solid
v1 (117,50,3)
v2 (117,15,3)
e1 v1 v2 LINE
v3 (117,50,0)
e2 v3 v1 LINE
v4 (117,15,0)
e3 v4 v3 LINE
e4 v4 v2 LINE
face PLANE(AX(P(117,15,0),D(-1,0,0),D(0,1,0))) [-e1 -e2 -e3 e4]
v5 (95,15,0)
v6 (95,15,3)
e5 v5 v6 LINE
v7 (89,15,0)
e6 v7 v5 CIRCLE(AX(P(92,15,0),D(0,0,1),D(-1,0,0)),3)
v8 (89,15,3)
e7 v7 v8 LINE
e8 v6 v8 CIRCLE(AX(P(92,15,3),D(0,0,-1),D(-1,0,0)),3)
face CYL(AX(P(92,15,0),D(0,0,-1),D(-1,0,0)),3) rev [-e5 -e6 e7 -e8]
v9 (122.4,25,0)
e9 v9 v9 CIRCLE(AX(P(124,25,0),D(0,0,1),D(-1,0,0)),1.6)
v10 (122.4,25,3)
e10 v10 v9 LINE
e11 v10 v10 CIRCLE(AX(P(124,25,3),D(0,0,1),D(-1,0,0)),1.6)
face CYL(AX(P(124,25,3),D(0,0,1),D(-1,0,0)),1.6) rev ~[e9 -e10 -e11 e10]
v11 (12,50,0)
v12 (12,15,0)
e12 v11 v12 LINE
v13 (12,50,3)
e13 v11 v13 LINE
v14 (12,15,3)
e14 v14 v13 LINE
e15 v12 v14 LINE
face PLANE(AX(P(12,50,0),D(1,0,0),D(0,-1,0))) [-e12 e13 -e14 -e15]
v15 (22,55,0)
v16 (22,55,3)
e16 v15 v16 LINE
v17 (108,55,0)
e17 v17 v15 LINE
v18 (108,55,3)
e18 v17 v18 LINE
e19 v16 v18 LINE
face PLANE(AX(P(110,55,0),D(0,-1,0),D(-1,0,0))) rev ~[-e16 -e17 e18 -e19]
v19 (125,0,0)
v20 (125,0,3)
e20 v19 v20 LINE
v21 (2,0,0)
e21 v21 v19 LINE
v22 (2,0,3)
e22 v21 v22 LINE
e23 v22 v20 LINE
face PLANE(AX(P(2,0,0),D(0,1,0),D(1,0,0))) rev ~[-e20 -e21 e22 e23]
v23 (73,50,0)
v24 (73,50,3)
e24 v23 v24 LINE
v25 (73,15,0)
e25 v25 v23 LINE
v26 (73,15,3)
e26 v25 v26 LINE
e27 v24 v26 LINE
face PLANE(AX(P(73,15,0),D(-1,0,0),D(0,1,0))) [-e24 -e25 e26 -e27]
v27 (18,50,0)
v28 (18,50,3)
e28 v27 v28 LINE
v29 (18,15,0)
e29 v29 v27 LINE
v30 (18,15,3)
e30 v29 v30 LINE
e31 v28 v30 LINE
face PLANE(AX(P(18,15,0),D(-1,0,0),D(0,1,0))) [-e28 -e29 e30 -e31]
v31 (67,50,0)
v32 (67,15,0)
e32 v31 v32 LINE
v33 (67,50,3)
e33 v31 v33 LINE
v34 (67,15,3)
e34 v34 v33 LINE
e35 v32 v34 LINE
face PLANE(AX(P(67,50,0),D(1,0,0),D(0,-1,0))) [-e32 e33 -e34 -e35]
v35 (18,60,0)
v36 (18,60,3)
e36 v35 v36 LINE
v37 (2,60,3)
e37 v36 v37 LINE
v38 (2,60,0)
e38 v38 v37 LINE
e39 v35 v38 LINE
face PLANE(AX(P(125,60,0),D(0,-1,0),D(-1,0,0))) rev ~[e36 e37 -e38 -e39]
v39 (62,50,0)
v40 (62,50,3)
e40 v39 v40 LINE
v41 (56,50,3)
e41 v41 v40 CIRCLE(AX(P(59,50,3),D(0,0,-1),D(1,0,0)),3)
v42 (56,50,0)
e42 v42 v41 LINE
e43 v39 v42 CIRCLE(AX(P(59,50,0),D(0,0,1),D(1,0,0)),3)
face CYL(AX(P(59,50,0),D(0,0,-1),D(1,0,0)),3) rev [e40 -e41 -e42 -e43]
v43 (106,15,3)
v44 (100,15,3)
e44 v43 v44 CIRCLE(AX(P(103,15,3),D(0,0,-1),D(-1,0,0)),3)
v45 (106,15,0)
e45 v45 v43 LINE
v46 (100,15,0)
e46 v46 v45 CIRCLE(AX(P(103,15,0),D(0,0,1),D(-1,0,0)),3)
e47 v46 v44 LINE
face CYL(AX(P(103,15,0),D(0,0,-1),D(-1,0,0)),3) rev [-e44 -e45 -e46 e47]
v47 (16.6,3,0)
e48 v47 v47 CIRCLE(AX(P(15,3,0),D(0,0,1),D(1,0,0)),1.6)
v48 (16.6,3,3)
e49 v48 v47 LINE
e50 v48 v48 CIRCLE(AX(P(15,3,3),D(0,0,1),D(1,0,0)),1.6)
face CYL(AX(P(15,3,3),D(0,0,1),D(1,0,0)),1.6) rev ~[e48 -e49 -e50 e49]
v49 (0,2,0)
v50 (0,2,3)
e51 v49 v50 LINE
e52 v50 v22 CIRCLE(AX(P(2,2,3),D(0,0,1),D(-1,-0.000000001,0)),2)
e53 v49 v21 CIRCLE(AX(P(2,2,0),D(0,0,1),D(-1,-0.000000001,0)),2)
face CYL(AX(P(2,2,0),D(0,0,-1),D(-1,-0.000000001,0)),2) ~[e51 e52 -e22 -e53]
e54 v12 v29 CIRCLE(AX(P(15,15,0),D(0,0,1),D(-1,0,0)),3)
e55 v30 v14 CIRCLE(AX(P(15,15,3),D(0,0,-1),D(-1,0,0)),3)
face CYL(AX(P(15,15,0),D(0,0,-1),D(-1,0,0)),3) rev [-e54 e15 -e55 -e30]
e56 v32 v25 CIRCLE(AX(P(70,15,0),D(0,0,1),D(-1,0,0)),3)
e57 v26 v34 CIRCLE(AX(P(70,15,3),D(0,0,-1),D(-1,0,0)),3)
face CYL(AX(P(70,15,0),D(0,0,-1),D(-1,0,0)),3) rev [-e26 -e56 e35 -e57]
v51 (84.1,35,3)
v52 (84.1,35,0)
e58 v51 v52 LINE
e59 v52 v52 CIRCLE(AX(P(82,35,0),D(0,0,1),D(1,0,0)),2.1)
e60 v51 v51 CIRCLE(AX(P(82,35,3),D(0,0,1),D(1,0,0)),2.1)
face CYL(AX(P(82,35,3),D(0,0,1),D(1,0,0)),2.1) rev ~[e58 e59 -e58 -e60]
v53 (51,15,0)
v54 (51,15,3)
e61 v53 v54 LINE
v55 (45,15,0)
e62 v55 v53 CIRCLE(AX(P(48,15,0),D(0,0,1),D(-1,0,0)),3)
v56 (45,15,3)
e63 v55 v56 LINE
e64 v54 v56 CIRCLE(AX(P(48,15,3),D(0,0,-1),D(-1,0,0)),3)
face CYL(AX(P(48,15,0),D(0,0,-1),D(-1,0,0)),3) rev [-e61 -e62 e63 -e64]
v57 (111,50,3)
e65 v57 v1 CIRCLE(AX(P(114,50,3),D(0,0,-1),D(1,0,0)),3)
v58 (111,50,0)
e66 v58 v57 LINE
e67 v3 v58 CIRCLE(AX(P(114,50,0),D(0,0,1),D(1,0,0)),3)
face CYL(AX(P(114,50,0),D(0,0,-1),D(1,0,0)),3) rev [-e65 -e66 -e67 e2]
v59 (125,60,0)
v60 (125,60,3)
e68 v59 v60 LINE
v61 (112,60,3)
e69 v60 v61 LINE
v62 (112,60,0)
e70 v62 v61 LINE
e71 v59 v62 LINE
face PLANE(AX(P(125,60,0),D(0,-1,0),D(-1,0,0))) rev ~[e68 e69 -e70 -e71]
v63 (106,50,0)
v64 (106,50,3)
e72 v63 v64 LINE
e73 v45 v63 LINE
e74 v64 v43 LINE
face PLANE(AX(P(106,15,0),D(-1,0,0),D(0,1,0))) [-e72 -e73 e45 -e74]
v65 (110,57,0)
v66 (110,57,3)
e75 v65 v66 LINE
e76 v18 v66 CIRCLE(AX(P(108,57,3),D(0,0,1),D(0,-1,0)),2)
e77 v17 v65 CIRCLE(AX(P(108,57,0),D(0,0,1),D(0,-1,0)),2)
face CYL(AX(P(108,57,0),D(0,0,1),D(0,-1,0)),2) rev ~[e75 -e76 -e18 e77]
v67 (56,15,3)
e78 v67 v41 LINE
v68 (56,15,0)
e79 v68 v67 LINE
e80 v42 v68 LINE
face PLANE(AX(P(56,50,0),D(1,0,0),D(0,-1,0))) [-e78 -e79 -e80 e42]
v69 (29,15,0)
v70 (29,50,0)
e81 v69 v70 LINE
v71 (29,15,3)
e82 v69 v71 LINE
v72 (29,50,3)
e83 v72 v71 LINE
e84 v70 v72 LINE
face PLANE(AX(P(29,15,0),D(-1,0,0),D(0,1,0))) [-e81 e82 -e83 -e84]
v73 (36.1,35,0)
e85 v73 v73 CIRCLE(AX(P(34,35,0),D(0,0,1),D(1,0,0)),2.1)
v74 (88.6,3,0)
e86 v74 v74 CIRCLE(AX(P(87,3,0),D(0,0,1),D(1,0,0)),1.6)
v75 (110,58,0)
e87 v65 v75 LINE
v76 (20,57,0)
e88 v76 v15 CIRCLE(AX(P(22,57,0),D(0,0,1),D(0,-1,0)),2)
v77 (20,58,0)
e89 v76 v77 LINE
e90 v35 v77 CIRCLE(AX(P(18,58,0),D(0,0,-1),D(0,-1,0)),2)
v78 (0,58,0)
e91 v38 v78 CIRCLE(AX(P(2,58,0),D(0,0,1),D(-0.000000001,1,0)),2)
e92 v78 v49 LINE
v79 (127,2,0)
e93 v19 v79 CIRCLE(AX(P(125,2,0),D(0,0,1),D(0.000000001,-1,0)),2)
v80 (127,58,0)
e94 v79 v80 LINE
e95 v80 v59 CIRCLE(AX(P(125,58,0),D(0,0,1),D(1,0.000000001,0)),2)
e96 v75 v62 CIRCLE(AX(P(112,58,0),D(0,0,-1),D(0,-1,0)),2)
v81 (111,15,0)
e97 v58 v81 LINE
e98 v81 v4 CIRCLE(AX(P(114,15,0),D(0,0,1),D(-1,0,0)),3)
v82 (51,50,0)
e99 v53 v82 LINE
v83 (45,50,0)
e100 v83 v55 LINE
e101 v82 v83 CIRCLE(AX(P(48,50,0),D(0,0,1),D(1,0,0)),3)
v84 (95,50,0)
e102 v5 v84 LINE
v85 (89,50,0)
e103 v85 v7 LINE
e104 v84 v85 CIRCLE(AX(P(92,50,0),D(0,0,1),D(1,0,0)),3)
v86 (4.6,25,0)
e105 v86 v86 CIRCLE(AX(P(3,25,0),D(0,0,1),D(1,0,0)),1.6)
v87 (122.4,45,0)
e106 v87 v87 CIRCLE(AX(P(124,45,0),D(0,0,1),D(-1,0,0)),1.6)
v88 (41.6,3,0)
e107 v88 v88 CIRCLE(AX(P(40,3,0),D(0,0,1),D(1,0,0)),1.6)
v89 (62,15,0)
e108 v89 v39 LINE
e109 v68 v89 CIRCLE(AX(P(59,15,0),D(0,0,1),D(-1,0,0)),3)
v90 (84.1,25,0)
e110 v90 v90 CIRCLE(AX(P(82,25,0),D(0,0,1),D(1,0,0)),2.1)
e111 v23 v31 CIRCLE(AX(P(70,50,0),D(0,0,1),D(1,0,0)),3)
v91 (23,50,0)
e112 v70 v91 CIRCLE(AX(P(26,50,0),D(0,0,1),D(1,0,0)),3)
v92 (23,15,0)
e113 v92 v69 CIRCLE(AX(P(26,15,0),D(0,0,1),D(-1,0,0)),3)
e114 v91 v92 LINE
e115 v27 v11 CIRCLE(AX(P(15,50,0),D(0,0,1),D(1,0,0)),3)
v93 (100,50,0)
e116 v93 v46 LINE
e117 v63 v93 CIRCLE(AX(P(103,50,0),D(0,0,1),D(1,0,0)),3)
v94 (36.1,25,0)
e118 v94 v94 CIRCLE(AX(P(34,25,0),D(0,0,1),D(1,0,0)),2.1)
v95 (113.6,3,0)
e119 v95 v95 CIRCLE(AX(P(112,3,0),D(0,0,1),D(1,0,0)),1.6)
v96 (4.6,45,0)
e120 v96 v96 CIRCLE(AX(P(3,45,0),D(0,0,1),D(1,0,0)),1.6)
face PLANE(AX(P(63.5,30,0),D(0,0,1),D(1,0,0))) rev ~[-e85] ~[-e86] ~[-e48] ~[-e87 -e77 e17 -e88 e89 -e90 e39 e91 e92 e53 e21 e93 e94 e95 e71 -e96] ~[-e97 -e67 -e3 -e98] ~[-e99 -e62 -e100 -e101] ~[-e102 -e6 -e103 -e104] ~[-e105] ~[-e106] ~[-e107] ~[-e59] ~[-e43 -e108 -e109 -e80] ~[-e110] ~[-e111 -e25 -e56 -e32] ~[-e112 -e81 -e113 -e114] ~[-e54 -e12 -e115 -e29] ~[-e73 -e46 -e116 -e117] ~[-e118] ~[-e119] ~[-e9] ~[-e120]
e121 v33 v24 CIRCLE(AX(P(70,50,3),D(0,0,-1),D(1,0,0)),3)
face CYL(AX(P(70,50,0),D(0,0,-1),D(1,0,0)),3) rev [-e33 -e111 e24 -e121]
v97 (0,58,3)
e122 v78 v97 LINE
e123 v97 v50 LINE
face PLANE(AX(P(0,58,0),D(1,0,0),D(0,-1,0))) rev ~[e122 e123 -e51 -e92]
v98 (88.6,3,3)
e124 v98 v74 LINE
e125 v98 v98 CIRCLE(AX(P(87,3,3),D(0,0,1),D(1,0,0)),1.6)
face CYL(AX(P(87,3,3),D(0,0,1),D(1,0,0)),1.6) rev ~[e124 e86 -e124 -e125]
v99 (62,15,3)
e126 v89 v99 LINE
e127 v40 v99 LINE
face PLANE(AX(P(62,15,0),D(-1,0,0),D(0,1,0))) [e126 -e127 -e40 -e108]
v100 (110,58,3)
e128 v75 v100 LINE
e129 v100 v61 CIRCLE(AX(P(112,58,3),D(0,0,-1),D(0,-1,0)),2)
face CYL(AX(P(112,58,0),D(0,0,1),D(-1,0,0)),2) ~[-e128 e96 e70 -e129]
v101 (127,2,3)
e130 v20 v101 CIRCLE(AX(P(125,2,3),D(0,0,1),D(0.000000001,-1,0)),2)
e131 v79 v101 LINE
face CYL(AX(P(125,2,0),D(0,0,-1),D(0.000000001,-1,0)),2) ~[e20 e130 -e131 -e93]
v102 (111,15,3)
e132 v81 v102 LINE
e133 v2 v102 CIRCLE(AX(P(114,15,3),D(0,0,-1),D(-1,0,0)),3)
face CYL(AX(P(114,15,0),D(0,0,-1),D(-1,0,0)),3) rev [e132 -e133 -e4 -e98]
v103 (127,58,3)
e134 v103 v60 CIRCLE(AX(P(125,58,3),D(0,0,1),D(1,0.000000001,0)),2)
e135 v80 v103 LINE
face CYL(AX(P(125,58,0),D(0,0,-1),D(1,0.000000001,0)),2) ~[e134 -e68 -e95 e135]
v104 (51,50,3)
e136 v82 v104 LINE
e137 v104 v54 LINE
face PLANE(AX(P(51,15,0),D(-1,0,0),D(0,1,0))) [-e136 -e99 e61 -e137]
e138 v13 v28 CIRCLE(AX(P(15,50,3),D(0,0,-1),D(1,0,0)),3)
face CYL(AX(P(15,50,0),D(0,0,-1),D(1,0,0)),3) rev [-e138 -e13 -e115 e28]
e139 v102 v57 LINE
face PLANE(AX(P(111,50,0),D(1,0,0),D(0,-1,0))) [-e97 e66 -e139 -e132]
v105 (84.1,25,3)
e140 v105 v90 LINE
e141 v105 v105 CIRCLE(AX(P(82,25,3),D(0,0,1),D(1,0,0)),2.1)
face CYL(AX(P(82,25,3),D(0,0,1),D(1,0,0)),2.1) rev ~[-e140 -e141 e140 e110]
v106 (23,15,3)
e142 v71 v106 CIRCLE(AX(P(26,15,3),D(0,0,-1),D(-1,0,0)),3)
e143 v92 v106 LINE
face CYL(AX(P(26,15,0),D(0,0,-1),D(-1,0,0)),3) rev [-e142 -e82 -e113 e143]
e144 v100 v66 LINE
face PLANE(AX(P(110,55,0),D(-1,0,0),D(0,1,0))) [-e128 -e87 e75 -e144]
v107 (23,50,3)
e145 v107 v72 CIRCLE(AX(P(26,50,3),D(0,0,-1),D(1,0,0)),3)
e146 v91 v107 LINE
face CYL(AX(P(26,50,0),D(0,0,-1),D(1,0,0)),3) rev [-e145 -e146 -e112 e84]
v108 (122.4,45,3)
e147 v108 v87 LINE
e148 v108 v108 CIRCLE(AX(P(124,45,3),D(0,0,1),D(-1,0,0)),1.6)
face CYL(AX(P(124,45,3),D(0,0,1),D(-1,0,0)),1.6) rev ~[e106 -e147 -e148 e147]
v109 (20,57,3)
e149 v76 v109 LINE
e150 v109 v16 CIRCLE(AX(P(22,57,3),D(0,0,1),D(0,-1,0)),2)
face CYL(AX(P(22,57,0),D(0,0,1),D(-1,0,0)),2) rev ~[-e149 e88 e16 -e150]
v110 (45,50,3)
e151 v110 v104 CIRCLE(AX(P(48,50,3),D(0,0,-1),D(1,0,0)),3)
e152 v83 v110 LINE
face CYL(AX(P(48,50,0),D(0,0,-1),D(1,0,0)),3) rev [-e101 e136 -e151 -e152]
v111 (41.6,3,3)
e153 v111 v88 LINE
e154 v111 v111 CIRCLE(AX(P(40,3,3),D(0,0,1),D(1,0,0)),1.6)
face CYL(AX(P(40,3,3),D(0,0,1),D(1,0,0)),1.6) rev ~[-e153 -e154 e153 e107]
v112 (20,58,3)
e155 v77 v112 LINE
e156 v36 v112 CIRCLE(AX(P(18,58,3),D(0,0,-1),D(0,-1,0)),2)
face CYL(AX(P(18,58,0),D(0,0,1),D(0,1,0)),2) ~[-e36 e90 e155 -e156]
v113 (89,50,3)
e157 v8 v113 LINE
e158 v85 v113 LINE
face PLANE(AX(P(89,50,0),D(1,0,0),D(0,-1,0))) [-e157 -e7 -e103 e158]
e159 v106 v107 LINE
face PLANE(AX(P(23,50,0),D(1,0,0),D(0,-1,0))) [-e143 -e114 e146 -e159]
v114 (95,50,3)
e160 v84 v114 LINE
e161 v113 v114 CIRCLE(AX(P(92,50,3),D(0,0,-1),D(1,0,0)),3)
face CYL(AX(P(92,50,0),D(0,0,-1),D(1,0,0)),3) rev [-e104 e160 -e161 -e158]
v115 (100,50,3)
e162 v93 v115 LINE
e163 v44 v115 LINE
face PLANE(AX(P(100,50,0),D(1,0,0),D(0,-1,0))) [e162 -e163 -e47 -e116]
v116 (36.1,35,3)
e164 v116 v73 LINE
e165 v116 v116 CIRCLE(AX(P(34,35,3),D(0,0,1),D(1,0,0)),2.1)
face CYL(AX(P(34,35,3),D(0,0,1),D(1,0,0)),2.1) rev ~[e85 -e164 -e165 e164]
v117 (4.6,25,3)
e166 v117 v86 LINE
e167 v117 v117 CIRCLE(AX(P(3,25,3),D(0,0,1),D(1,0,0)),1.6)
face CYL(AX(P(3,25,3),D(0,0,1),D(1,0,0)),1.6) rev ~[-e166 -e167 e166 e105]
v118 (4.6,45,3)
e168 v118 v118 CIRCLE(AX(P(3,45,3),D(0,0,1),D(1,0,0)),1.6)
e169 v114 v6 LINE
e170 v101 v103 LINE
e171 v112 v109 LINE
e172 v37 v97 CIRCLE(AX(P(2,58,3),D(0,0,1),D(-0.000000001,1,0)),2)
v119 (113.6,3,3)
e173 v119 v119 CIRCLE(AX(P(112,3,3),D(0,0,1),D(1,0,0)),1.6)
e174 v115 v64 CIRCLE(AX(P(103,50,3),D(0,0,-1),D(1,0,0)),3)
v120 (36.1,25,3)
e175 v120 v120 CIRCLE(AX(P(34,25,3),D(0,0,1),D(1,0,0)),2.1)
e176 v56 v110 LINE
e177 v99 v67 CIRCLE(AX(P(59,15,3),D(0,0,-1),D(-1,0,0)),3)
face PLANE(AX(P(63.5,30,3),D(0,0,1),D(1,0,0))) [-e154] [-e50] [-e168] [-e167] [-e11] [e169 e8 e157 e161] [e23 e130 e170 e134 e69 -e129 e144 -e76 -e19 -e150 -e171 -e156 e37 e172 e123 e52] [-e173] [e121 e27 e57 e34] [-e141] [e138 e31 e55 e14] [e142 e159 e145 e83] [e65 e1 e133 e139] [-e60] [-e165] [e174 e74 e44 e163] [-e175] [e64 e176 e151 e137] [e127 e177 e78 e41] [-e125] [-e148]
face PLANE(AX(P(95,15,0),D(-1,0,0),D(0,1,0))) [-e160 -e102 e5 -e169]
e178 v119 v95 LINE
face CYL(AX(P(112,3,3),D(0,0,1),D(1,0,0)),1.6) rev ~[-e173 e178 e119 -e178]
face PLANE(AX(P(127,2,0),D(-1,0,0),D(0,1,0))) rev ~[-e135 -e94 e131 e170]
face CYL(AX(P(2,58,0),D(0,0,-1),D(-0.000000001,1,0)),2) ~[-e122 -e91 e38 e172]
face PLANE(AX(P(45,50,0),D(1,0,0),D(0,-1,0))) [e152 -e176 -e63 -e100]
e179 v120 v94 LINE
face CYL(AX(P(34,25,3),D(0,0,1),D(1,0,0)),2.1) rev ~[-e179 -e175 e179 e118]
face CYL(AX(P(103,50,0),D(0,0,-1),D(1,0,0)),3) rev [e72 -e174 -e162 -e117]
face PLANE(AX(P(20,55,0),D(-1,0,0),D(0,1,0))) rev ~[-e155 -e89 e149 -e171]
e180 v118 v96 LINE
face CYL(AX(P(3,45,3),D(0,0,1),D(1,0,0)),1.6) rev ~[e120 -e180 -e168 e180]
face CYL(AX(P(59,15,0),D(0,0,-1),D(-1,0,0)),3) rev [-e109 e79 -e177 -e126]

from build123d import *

# Parameters (mm, degrees)
EXTRUDE_1_DEPTH     = 3
CUT_EXTRUDE_1_REACH = 142.492
SKETCH_2_R          = 1.6
SKETCH_3_R          = 1.6
CUT_EXTRUDE_2_DEPTH = 3
SKETCH_4_R          = 2.1
CUT_EXTRUDE_3_DEPTH = 10
CUT_EXTRUDE_4_DEPTH = 10
SKETCH_6_W          = 90
SKETCH_6_H          = 5
CUT_EXTRUDE_5_DEPTH = 10
FILLET_1_R          = 2


with BuildPart() as part:
    # 草图1 → 凸台-拉伸1 (new body)
    with BuildSketch(Plane.XY):
        with BuildLine():
            Line((2, 0), (125, 0))
            ThreePointArc((125, 0), (126.414213562, 0.585786438), (127, 2))
            Line((127, 2), (127, 58))
            ThreePointArc((127, 58), (126.414213562, 59.414213562), (125, 60))
            Line((125, 60), (2, 60))
            ThreePointArc((2, 60), (0.585786438, 59.414213562), (0, 58))
            Line((0, 58), (0, 2))
            ThreePointArc((0, 2), (0.585786438, 0.585786438), (2, 0))
        make_face()
    extrude(amount=EXTRUDE_1_DEPTH)

    # 草图2 → 切除-拉伸1 (cut, up to next)
    with BuildSketch(Plane.XY.offset(3), mode=Mode.PRIVATE) as cut_extrude_1_sk1:
        with Locations((15, 3)):
            Circle(SKETCH_2_R)
    cut_extrude_1_tool1 = extrude(cut_extrude_1_sk1.sketch, amount=-CUT_EXTRUDE_1_REACH, mode=Mode.PRIVATE) & part.part
    # 草图2 → 切除-拉伸1 (cut, up to next)
    with BuildSketch(Plane.XY.offset(3), mode=Mode.PRIVATE) as cut_extrude_1_sk2:
        with Locations((40, 3)):
            Circle(SKETCH_2_R)
    cut_extrude_1_tool2 = extrude(cut_extrude_1_sk2.sketch, amount=-CUT_EXTRUDE_1_REACH, mode=Mode.PRIVATE) & part.part
    # 草图2 → 切除-拉伸1 (cut, up to next)
    with BuildSketch(Plane.XY.offset(3), mode=Mode.PRIVATE) as cut_extrude_1_sk3:
        with Locations((87, 3)):
            Circle(SKETCH_2_R)
    cut_extrude_1_tool3 = extrude(cut_extrude_1_sk3.sketch, amount=-CUT_EXTRUDE_1_REACH, mode=Mode.PRIVATE) & part.part
    # 草图2 → 切除-拉伸1 (cut, up to next)
    with BuildSketch(Plane.XY.offset(3), mode=Mode.PRIVATE) as cut_extrude_1_sk4:
        with Locations((112, 3)):
            Circle(SKETCH_2_R)
    cut_extrude_1_tool4 = extrude(cut_extrude_1_sk4.sketch, amount=-CUT_EXTRUDE_1_REACH, mode=Mode.PRIVATE) & part.part
    add(cut_extrude_1_tool1.solids().sort_by_distance((15, 3, 3))[0], mode=Mode.SUBTRACT)
    add(cut_extrude_1_tool2.solids().sort_by_distance((40, 3, 3))[0], mode=Mode.SUBTRACT)
    add(cut_extrude_1_tool3.solids().sort_by_distance((87, 3, 3))[0], mode=Mode.SUBTRACT)
    add(cut_extrude_1_tool4.solids().sort_by_distance((112, 3, 3))[0], mode=Mode.SUBTRACT)

    # 草图3 → 切除-拉伸2 (cut)
    with BuildSketch(Plane.XY.offset(3)):
        with Locations((3, 45)):
            Circle(SKETCH_3_R)
        with Locations((3, 25)):
            Circle(SKETCH_3_R)
        with Locations(Location((124, 25, 0), (0, 0, 180))):
            Circle(SKETCH_3_R)
        with Locations(Location((124, 45, 0), (0, 0, 180))):
            Circle(SKETCH_3_R)
    extrude(amount=-CUT_EXTRUDE_2_DEPTH, mode=Mode.SUBTRACT)

    # 草图4 → 切除-拉伸3 (cut)
    with BuildSketch(Plane.XY.offset(3)):
        with Locations((82, 35)):
            Circle(SKETCH_4_R)
        with Locations((34, 35)):
            Circle(SKETCH_4_R)
        with Locations((34, 25)):
            Circle(SKETCH_4_R)
        with Locations((82, 25)):
            Circle(SKETCH_4_R)
    extrude(amount=-CUT_EXTRUDE_3_DEPTH, mode=Mode.SUBTRACT)

    # 草图5 → 切除-拉伸4 (cut)
    with BuildSketch(Plane(origin=(0, 0, 0), x_dir=(-1, 0, 0), z_dir=(0, 0, -1))):
        with BuildLine():
            Line((-111, 50), (-111, 15))
            ThreePointArc((-111, 15), (-114, 12), (-117, 15))
            Line((-117, 15), (-117, 50))
            ThreePointArc((-117, 50), (-114, 53), (-111, 50))
        make_face()
        with BuildLine():
            Line((-100, 50), (-100, 15))
            ThreePointArc((-100, 15), (-103, 12), (-106, 15))
            Line((-106, 15), (-106, 50))
            ThreePointArc((-106, 50), (-103, 53), (-100, 50))
        make_face()
        with BuildLine():
            Line((-89, 50), (-89, 15))
            ThreePointArc((-89, 15), (-92, 12), (-95, 15))
            Line((-95, 15), (-95, 50))
            ThreePointArc((-95, 50), (-92, 53), (-89, 50))
        make_face()
        with BuildLine():
            Line((-67, 50), (-67, 15))
            ThreePointArc((-67, 15), (-70, 12), (-73, 15))
            Line((-73, 15), (-73, 50))
            ThreePointArc((-73, 50), (-70, 53), (-67, 50))
        make_face()
        with BuildLine():
            Line((-56, 50), (-56, 15))
            ThreePointArc((-56, 15), (-59, 12), (-62, 15))
            Line((-62, 15), (-62, 50))
            ThreePointArc((-62, 50), (-59, 53), (-56, 50))
        make_face()
        with BuildLine():
            Line((-45, 50), (-45, 15))
            ThreePointArc((-45, 15), (-48, 12), (-51, 15))
            Line((-51, 15), (-51, 50))
            ThreePointArc((-51, 50), (-48, 53), (-45, 50))
        make_face()
        with BuildLine():
            Line((-23, 50), (-23, 15))
            ThreePointArc((-23, 15), (-26, 12), (-29, 15))
            Line((-29, 15), (-29, 50))
            ThreePointArc((-29, 50), (-26, 53), (-23, 50))
        make_face()
        with BuildLine():
            Line((-12, 50), (-12, 15))
            ThreePointArc((-12, 15), (-15, 12), (-18, 15))
            Line((-18, 15), (-18, 50))
            ThreePointArc((-18, 50), (-15, 53), (-12, 50))
        make_face()
    extrude(amount=-CUT_EXTRUDE_4_DEPTH, mode=Mode.SUBTRACT)

    # 草图6 → 切除-拉伸5 (cut)
    with BuildSketch(Plane(origin=(0, 0, 0), x_dir=(-1, 0, 0), z_dir=(0, 0, -1))):
        with Locations((-65, 57.5)):
            Rectangle(SKETCH_6_W, SKETCH_6_H)
    extrude(amount=-CUT_EXTRUDE_5_DEPTH, mode=Mode.SUBTRACT)

    # 圆角1
    fillet_1_edges = [part.edges().sort_by_distance(p)[0] for p in [
        (110, 55, 1.5),
        (110, 60, 1.5),
        (20, 60, 1.5),
        (20, 55, 1.5),
    ]]
    fillet(fillet_1_edges, radius=FILLET_1_R)


solid = part.part
